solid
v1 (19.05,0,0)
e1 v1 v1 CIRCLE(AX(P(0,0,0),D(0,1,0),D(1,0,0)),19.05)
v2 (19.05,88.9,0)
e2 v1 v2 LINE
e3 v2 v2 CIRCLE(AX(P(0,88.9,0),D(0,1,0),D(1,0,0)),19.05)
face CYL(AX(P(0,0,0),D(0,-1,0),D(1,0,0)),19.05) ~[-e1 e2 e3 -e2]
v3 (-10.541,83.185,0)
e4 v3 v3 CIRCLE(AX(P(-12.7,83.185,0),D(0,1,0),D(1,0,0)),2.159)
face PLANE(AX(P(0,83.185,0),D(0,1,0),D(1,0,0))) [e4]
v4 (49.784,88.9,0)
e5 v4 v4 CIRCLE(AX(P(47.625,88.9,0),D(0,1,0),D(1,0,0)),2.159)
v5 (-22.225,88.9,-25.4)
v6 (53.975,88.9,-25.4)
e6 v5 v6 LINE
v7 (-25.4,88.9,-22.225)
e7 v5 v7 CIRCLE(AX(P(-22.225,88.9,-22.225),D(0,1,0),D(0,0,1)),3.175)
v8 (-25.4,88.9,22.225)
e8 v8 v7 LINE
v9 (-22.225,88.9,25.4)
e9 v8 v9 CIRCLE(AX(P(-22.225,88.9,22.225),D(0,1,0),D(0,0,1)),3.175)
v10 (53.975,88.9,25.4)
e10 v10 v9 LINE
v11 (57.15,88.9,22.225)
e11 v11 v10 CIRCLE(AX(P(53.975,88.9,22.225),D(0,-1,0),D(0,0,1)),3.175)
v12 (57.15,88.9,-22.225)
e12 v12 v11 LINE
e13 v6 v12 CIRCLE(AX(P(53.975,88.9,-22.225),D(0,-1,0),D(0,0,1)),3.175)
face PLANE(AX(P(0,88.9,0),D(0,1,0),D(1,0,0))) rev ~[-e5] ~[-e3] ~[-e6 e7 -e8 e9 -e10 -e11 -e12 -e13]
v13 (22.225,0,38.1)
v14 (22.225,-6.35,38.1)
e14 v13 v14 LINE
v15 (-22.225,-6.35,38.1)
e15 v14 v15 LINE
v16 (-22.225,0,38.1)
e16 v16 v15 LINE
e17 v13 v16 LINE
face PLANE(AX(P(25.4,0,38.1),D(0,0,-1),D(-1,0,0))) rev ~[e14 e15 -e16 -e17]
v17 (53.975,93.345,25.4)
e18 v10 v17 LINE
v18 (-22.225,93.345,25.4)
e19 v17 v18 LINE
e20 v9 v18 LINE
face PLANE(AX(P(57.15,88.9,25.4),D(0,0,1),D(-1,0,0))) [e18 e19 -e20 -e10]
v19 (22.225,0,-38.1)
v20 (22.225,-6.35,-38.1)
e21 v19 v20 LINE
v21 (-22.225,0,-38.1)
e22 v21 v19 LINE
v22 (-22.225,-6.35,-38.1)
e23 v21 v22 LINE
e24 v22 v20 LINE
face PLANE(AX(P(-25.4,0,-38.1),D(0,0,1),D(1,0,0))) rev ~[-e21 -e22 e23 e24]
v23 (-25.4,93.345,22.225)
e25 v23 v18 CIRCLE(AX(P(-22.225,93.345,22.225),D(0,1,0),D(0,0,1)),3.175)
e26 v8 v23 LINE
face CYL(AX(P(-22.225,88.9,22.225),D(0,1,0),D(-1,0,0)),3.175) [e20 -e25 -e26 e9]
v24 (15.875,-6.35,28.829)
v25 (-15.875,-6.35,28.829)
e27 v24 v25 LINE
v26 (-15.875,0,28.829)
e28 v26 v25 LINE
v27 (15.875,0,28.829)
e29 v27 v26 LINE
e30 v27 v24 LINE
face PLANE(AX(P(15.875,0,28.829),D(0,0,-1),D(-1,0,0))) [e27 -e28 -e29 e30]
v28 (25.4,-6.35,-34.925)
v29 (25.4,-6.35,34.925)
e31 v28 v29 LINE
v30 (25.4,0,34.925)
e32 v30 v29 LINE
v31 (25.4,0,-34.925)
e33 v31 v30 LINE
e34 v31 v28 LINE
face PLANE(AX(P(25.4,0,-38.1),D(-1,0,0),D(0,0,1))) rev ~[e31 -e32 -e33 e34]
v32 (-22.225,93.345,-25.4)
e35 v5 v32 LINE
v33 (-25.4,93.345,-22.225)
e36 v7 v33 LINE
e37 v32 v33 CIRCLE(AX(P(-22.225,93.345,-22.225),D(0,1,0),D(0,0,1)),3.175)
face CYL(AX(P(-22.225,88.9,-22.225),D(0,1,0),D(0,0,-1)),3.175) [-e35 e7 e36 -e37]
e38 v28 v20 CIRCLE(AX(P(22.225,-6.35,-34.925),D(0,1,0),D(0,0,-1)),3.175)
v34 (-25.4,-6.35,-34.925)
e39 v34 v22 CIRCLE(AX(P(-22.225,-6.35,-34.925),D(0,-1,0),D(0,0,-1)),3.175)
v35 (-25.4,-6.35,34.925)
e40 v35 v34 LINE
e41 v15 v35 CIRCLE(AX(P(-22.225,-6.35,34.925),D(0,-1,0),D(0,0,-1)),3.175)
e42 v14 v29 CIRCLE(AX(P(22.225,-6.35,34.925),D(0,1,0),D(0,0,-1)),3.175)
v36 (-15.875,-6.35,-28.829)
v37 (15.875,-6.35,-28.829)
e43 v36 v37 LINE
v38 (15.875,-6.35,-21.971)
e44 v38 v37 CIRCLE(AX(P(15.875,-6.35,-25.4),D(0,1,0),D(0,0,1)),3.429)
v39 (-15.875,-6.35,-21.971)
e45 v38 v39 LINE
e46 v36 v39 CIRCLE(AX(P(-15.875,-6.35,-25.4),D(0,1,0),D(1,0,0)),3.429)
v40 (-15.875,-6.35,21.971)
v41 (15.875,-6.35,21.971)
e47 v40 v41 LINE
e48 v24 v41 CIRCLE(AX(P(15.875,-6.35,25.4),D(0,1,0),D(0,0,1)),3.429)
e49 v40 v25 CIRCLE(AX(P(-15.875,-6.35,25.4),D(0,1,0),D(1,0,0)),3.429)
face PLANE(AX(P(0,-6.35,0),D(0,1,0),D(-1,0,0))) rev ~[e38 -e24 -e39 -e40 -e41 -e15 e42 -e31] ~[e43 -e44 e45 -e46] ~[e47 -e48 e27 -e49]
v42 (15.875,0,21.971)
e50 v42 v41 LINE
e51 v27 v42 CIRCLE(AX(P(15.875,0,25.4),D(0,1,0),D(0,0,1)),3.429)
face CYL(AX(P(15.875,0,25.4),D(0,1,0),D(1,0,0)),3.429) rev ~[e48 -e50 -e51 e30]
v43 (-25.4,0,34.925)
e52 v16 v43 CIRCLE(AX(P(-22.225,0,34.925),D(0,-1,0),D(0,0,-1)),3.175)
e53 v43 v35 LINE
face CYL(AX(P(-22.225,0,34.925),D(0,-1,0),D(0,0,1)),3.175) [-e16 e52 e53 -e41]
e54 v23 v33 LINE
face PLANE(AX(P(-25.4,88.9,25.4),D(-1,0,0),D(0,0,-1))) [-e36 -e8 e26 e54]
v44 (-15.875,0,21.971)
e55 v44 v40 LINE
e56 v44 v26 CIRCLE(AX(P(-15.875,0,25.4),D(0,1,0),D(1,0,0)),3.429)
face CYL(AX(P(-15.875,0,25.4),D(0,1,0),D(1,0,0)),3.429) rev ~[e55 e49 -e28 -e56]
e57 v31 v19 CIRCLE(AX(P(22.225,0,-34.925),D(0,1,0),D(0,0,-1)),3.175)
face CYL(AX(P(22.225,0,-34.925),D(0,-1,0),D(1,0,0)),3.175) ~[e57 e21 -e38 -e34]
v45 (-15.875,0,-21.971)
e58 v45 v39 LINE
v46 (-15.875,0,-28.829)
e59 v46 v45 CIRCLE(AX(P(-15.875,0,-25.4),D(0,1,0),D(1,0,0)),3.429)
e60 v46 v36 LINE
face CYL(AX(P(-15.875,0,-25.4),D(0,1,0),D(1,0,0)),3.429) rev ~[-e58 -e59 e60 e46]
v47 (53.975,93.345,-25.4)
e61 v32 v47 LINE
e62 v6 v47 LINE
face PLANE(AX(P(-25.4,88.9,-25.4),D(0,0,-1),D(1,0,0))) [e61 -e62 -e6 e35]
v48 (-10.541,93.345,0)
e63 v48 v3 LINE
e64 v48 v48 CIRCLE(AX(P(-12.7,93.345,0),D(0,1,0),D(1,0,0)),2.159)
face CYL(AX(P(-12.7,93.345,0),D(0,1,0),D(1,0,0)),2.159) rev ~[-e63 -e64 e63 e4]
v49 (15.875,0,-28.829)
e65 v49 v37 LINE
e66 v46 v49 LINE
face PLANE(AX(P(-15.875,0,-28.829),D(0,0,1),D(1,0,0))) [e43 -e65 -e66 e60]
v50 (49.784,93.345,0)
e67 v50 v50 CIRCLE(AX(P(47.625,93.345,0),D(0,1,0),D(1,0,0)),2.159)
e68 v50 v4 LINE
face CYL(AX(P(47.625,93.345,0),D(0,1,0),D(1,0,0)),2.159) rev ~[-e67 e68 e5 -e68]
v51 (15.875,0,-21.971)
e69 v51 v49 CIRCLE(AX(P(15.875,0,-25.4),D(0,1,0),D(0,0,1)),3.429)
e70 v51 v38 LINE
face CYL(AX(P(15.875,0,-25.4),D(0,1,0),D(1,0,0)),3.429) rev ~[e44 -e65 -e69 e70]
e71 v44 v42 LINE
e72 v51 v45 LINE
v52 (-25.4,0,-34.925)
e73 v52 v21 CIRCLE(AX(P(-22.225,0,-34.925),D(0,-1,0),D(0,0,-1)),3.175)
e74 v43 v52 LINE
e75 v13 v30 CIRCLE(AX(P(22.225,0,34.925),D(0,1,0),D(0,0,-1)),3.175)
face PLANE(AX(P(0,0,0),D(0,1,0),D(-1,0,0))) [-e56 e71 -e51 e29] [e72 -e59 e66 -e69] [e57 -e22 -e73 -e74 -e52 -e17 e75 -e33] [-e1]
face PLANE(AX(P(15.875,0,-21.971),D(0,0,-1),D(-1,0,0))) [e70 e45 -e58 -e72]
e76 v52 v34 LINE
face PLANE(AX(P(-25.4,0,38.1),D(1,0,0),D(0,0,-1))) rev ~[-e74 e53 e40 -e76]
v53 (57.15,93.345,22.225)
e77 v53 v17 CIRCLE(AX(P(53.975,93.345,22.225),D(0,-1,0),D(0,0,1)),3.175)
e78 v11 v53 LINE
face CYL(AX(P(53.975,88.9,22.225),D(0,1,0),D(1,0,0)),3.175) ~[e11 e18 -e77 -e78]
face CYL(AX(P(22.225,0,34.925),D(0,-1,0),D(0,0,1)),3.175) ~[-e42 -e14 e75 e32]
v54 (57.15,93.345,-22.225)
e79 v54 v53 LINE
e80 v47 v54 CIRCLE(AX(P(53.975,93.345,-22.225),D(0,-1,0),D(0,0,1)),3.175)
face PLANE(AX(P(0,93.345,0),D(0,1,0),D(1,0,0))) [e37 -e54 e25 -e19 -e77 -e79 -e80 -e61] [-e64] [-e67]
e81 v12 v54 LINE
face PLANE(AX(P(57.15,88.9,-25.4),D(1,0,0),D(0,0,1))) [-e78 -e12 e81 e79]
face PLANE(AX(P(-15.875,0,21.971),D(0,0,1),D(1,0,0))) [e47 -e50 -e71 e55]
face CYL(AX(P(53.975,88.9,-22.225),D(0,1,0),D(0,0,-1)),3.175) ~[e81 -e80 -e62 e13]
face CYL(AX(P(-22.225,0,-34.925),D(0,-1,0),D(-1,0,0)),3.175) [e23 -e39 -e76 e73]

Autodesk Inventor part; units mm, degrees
ref_plane "YZ Plane" through (0, 0, 0) normal (1, 0, 0) x (0, 1, 0)
ref_plane "XZ Plane" through (0, 0, 0) normal (0, 1, 0) x (-1, 0, 0)
ref_plane "XY Plane" through (0, 0, 0) normal (0, 0, 1) x (1, 0, 0)
sketch "Sketch2" plane through (0, 0, 0) normal (0, 1, 0) x (-1, 0, 0)
  line L0 (-25.4, 38.1) -> (25.4, 38.1)
  line L1 (25.4, 38.1) -> (25.4, -38.1)
  line L2 (25.4, -38.1) -> (-25.4, -38.1)
  line L3 (-25.4, -38.1) -> (-25.4, 38.1)
  point P0 (0, 0)
  dimension "d0" = 50.8
  dimension "d1" = 76.2
  dimension "d2" = 25.4
  dimension "d3" = 38.1
extrude "Extrusion1" add sketch "Sketch2" against normal blind 6.35
sketch "Sketch3" plane through (0, 0, 0) normal (0, 1, 0) x (1, 0, 0)
  circle A0 centre (0, 0) radius 19.05
  dimension "d6" = 38.1
extrude "Extrusion2" add sketch "Sketch3" along normal blind 88.9
sketch "Sketch4" plane through (0, 0, 0) normal (0, 1, 0) x (1, 0, 0)
  circle A0 centre (0, 0) radius 19.05 projected
  line L0 (-15.875, 28.829) -> (15.875, 28.829)
  line L1 (15.875, 28.829) -> (15.875, 21.971)
  line L2 (15.875, 21.971) -> (-15.875, 21.971)
  line L3 (-15.875, 21.971) -> (-15.875, 28.829)
  line L4 (-15.875, -21.971) -> (15.875, -21.971)
  line L5 (15.875, -21.971) -> (15.875, -28.829)
  line L6 (15.875, -28.829) -> (-15.875, -28.829)
  line L7 (-15.875, -28.829) -> (-15.875, -21.971)
  line L8 (-15.875, 25.4) -> (15.875, 25.4)
  line L9 (-15.875, -25.4) -> (15.875, -25.4)
  circle A1 centre (-15.875, 25.4) radius 3.429
  circle A2 centre (15.875, 25.4) radius 3.429
  circle A3 centre (15.875, -25.4) radius 3.429
  circle A4 centre (-15.875, -25.4) radius 3.429
  dimension "d10" = 6.858
  dimension "d11" = 6.858
  dimension "d12" = 25.4
  dimension "d14" = 25.4
  dimension "d15" = 31.75
  dimension "d16" = 31.75
  dimension "d17" = 15.875
  dimension "d18" = 15.875
sketch "Sketch5" plane through (0, 88.9, 0) normal (0, 1, 0) x (1, 0, 0)
  circle A0 centre (0, 0) radius 19.05 projected
  line L0 (-25.4, 25.4) -> (57.15, 25.4)
  line L1 (57.15, 25.4) -> (57.15, -25.4)
  line L2 (57.15, -25.4) -> (-25.4, -25.4)
  line L3 (-25.4, -25.4) -> (-25.4, 25.4)
  dimension "d19" = 50.8
  dimension "d20" = 82.55
  dimension "d21" = 25.4
  dimension "d22" = 25.4
extrude "Extrusion3" add sketch "Sketch5" along normal blind 4.445 contours A0 | L0 L1 L2 L3
sketch "Sketch6" plane through (0, 93.345, 0) normal (0, 1, 0) x (1, 0, 0)
  line L0 (-25.4, -25.4) -> (-25.4, 25.4) projected
  circle A0 centre (-12.7, 0) radius 2.159
  circle A1 centre (47.625, 0) radius 2.159
  point P0 (0, 0)
  dimension "d25" = 4.318
  dimension "d26" = 12.7
  dimension "d27" = 4.318
  dimension "d28" = 60.325
extrude "Extrusion4" cut sketch "Sketch6" against normal blind 10.16
extrude "Extrusion5" cut sketch "Sketch4" against normal blind 6.35 contours A1 L8 L3 | L0 A2 L8 A1 | L3 A1 | A2 L1 | L1 L8 A2 | L8 A1 L3 | L8 A2 L2 A1 | L1 A2 L8 | A4 L9 L7 | L4 A3 L9 A4 | L7 A4 | A3 L5 | L5 L9 A3 | L9 A4 L7 | L9 A3 L6 A4 | L5 A3 L9
fillet "Fillet1" radius 3.175 8 edges at (-25.4, -3.175, 38.1) (25.4, -3.175, 38.1) (25.4, -3.175, -38.1) (-25.4, -3.175, -38.1) (57.15, 91.1225, -25.4) (-25.4, 91.1225, -25.4) (57.15, 91.1225, 25.4) (-25.4, 91.1225, 25.4)
sketch "Sketch7" plane through (0, 93.345, 0) normal (0, 1, 0) x (1, 0, 0)
  arc A0 (-25.4, -22.225) -> (-22.225, -25.4) centre (-22.225, -22.225) ccw projected
  line L0 (53.975, -25.4) -> (-22.225, -25.4) projected
  arc A1 (53.975, -25.4) -> (57.15, -22.225) centre (53.975, -22.225) ccw projected
  line L1 (57.15, 22.225) -> (57.15, -22.225) projected
  arc A2 (57.15, 22.225) -> (53.975, 25.4) centre (53.975, 22.225) ccw projected
  line L2 (-22.225, 25.4) -> (53.975, 25.4) projected
  arc A3 (-22.225, 25.4) -> (-25.4, 22.225) centre (-22.225, 22.225) ccw projected
  line L3 (-25.4, -22.225) -> (-25.4, 22.225) projected
  circle A4 centre (47.625, 0) radius 2.159 projected
  circle A5 centre (-12.7, 0) radius 2.159 projected
  point P0 (0, 0)
  dimension "d34" = 60.325
thread "Thread1" size "10-24 UNC" class "2B" standard "ANSI Unified Screw Threads" full length
equation "\"d3\" = 0.5 * d1"
equation "\"d16\" = d15"
equation "\"d17\" = 0.5 * d15"
equation "\"d18\" = d17"
equation "\"d22\" = 0.5 * d19"
properties part number "Lickport_Stand"
